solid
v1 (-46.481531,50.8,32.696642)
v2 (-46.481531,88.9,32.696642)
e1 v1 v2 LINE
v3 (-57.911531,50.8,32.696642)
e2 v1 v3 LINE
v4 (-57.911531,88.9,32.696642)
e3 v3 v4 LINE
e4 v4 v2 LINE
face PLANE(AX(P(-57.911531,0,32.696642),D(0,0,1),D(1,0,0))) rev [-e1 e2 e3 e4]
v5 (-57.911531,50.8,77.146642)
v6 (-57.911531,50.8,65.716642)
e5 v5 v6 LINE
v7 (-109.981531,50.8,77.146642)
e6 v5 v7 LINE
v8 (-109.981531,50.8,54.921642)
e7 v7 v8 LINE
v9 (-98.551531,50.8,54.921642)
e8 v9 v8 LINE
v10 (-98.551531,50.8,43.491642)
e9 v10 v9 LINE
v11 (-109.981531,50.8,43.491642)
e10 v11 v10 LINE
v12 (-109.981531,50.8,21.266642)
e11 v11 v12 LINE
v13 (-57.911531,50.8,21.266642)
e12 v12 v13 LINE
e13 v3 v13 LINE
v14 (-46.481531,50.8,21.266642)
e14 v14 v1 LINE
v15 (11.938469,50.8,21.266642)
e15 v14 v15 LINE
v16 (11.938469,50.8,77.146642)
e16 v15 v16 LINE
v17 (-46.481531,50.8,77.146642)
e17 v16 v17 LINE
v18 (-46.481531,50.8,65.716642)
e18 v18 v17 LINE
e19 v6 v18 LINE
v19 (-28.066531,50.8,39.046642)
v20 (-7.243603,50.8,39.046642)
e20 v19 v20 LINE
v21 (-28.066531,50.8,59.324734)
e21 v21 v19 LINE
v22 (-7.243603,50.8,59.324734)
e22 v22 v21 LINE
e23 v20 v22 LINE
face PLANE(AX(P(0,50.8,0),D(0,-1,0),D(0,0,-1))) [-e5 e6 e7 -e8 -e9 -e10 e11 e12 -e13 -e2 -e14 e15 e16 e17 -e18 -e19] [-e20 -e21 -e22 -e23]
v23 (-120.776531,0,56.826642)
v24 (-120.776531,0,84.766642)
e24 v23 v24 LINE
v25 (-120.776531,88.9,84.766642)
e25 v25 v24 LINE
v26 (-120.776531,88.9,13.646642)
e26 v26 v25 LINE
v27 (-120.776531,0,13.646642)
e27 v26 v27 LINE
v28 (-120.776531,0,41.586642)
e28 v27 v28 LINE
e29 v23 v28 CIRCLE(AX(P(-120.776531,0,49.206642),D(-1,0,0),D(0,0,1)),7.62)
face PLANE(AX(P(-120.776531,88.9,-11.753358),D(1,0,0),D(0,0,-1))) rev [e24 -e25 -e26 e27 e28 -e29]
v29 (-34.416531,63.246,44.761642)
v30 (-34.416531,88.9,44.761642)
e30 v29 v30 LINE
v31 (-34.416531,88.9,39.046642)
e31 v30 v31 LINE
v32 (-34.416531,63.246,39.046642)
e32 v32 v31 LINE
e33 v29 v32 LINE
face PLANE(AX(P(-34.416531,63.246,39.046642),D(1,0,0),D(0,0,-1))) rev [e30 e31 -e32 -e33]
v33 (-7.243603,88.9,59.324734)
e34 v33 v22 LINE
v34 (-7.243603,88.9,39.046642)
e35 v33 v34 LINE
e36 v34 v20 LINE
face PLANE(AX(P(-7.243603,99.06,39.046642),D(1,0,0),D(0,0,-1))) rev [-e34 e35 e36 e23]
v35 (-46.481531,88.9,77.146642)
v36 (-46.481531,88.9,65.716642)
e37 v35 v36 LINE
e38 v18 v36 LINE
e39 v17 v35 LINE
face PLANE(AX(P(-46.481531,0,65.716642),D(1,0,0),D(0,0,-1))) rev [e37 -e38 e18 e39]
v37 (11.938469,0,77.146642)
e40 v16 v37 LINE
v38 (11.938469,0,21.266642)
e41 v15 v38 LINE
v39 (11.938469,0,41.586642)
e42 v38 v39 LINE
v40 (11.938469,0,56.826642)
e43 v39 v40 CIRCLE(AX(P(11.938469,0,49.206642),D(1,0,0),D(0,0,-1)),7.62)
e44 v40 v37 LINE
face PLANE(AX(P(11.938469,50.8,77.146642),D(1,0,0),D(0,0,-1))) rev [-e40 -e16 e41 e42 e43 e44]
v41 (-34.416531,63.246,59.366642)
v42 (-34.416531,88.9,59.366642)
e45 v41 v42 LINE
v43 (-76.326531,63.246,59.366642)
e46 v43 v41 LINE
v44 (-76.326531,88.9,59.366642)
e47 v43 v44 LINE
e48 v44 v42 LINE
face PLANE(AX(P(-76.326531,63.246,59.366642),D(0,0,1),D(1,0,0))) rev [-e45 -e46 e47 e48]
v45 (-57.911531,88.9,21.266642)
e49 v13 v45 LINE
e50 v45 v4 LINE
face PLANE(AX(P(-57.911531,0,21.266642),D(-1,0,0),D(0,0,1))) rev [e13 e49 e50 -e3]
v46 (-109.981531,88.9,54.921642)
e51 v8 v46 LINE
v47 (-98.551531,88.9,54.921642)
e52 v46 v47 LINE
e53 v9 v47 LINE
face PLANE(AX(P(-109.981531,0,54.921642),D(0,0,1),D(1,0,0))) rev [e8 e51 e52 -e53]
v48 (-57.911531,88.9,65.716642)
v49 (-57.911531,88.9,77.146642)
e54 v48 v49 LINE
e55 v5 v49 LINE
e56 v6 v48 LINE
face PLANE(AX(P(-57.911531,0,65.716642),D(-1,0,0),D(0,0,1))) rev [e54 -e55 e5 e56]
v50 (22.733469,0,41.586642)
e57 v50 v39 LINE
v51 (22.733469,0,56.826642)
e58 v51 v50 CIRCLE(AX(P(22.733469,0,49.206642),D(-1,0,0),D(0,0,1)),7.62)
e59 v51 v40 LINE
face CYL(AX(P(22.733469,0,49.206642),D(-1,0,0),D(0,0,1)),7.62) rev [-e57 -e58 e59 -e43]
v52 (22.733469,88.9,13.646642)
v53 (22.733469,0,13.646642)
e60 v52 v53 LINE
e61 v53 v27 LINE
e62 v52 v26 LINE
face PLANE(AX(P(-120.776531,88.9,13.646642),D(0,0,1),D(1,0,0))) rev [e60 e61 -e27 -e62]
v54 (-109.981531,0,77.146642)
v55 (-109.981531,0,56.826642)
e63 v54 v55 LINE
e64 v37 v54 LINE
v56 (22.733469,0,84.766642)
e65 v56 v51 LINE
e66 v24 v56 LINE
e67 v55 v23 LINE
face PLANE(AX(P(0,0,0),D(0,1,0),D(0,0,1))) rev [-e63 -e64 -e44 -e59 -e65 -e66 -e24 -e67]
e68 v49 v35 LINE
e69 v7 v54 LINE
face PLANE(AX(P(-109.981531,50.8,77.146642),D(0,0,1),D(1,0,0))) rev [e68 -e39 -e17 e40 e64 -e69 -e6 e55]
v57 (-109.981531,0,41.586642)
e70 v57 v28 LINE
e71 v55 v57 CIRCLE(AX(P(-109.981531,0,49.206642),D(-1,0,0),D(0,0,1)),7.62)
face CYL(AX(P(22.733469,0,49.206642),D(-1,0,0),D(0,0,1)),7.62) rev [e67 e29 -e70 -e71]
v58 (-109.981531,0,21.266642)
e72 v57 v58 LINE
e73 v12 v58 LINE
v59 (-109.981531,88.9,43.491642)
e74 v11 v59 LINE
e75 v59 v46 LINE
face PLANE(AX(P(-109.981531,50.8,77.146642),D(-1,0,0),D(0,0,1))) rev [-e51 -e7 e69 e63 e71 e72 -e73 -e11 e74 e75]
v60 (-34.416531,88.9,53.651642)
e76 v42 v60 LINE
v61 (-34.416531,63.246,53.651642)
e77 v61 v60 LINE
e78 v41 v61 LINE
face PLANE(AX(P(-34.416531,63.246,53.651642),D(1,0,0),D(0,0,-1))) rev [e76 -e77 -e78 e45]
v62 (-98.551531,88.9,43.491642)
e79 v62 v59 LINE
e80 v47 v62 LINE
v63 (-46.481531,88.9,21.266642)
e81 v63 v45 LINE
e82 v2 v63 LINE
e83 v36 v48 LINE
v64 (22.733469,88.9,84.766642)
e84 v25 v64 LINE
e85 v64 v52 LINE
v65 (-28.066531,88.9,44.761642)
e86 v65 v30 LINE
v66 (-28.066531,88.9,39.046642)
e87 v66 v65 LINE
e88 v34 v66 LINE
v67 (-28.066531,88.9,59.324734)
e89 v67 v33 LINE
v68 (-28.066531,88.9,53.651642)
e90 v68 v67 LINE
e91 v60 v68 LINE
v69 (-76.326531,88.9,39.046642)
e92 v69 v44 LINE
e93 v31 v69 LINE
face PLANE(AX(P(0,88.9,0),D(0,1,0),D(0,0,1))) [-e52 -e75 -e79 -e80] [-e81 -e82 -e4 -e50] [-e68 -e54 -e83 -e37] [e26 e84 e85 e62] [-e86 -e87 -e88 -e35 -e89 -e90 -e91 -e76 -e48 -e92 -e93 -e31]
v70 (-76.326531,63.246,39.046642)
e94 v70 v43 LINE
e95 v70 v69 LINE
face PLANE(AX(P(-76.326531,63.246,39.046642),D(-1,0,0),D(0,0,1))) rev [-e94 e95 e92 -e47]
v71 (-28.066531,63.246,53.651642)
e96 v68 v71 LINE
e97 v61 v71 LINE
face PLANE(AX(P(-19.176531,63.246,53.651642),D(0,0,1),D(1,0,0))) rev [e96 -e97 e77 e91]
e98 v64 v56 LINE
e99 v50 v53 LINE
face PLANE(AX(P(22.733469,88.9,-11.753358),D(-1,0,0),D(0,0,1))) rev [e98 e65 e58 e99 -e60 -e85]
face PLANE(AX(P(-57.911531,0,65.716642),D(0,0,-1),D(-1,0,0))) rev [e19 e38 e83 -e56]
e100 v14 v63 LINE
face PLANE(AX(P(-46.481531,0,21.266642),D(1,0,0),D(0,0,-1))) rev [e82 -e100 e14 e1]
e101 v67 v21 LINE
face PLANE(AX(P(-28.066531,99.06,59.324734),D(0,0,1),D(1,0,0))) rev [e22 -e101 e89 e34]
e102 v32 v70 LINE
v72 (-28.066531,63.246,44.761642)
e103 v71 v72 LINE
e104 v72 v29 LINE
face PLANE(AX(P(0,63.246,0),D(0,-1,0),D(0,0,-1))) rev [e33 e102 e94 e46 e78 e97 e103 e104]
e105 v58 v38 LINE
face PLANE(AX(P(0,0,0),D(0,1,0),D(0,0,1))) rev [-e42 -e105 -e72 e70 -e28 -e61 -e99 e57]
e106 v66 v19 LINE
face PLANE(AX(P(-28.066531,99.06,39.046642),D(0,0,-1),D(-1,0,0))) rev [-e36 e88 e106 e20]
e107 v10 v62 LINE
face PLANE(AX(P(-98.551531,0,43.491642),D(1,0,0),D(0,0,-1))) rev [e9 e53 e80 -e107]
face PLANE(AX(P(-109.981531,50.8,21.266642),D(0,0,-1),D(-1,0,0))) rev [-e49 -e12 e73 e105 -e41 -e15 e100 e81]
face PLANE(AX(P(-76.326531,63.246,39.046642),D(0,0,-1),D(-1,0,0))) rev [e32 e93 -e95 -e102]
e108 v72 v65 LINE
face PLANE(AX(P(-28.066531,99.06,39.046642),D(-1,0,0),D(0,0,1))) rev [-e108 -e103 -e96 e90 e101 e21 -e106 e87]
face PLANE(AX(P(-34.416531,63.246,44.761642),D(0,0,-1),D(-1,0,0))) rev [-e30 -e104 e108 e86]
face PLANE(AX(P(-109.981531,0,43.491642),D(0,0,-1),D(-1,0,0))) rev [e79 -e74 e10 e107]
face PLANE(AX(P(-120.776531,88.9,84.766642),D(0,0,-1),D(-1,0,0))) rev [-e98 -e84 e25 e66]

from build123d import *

# Parameters (mm, degrees)
SKETCH1_W                = 143.51
SKETCH1_H                = 121.92
BIG_BLOCK_DEPTH          = 88.9
SERVO_CUTOUT_DEPTH       = 25.654
SKETCH3_W                = 121.92
SKETCH3_H                = 55.88
CUT_EXTRUDE2_DEPTH       = 50.8
CUT_EXTRUDE18_DEPTH      = 172.184986353
CUT_EXTRUDE18_DEPTH_BACK = 48.26
SKETCH6_W                = 20.822928363
SKETCH6_H                = 20.278092026
SKETCH10_W               = 11.43
SKETCH10_H               = 11.43
CUT_EXTRUDE19_DEPTH      = 187.082964166
SKETCH11_W               = 11.43
SKETCH11_H               = 11.43
CUT_EXTRUDE20_DEPTH      = 187.082964166
SKETCH9_W                = 11.43
SKETCH9_H                = 11.43
CUT_EXTRUDE22_DEPTH      = 187.082964166
SKETCH12_W               = 143.51
SKETCH12_H               = 25.4
REMOVESIDES_DEPTH        = 187.082964166
CUT_EXTRUDE23_DEPTH      = 189.901333259
CUT_EXTRUDE23_DEPTH_BACK = 189.901333259


with BuildPart() as part:
    # Sketch1 → Big Block (new body)
    with BuildSketch(Plane(origin=(0, 0, 0), x_dir=(1, 0, 0), z_dir=(0, 1, 0))):
        with Locations((-49.021531365, -49.206642066)):
            Rectangle(SKETCH1_W, SKETCH1_H)
    extrude(amount=BIG_BLOCK_DEPTH)

    # Sketch2 → Servo Cutout (cut)
    with BuildSketch(Plane(origin=(0, 88.9, 0), x_dir=(1, 0, 0), z_dir=(0, 1, 0))):
        Polygon((-76.326531365, -39.046642066), (-34.416531365, -39.046642066), (-34.416531365, -44.761642066), (-19.176531365, -44.761642066), (-19.176531365, -53.651642066), (-34.416531365, -53.651642066), (-34.416531365, -59.366642066), (-76.326531365, -59.366642066), align=None)
    extrude(amount=-SERVO_CUTOUT_DEPTH, mode=Mode.SUBTRACT)

    # Sketch3 → Cut-Extrude2 (cut)
    with BuildSketch(Plane(origin=(0, 0, 0), x_dir=(-1, 0, 0), z_dir=(0, -1, 0))):
        with Locations((49.021531365, -49.206642066)):
            Rectangle(SKETCH3_W, SKETCH3_H)
    extrude(amount=-CUT_EXTRUDE2_DEPTH, mode=Mode.SUBTRACT)

    # Sketch6 → Cut-Extrude18 (cut, two sides: drawn at the far end of the back side and taken through both)
    with BuildSketch(Plane.XZ.offset(-50.8).offset(-CUT_EXTRUDE18_DEPTH_BACK)):
        with Locations((-17.655067184, 49.185688079)):
            Rectangle(SKETCH6_W, SKETCH6_H)
    extrude(amount=CUT_EXTRUDE18_DEPTH + CUT_EXTRUDE18_DEPTH_BACK, mode=Mode.SUBTRACT)

    # Sketch10 → Cut-Extrude19 (cut, through all)
    with BuildSketch(Plane(origin=(0, 88.9, 0), x_dir=(1, 0, 0), z_dir=(0, 1, 0))):
        with Locations((-52.196531365, -26.981642066)):
            Rectangle(SKETCH10_W, SKETCH10_H)
    extrude(amount=-CUT_EXTRUDE19_DEPTH, mode=Mode.SUBTRACT)

    # Sketch11 → Cut-Extrude20 (cut, through all)
    with BuildSketch(Plane(origin=(0, 88.9, 0), x_dir=(1, 0, 0), z_dir=(0, 1, 0))):
        with Locations((-52.196531365, -71.431642066)):
            Rectangle(SKETCH11_W, SKETCH11_H)
    extrude(amount=-CUT_EXTRUDE20_DEPTH, mode=Mode.SUBTRACT)

    # Sketch9 → Cut-Extrude22 (cut, through all)
    with BuildSketch(Plane(origin=(0, 88.9, 0), x_dir=(1, 0, 0), z_dir=(0, 1, 0))):
        with Locations((-104.266531365, -49.206642066)):
            Rectangle(SKETCH9_W, SKETCH9_H)
    extrude(amount=-CUT_EXTRUDE22_DEPTH, mode=Mode.SUBTRACT)

    # Sketch12 → removesides (cut, through all)
    with BuildSketch(Plane(origin=(0, 0, 0), x_dir=(-1, 0, 0), z_dir=(0, -1, 0))):
        with Locations((49.021531365, -97.466642066)):
            Rectangle(SKETCH12_W, SKETCH12_H)
        with Locations((49.021531365, -0.946642066)):
            Rectangle(SKETCH12_W, SKETCH12_H)
    extrude(amount=-REMOVESIDES_DEPTH, mode=Mode.SUBTRACT)

    # Sketch13 → Cut-Extrude23 (cut, two sides: drawn at the far end of the back side and taken through both)
    with BuildSketch(Plane.ZY.offset(120.776531365).offset(-CUT_EXTRUDE23_DEPTH_BACK)):
        with BuildLine():
            Line((41.586642066, 0), (56.826642066, 0))
            ThreePointArc((56.826642066, 0), (49.206642066, 7.62), (41.586642066, 0))
        make_face()
    extrude(amount=CUT_EXTRUDE23_DEPTH + CUT_EXTRUDE23_DEPTH_BACK, mode=Mode.SUBTRACT)


solid = part.part
